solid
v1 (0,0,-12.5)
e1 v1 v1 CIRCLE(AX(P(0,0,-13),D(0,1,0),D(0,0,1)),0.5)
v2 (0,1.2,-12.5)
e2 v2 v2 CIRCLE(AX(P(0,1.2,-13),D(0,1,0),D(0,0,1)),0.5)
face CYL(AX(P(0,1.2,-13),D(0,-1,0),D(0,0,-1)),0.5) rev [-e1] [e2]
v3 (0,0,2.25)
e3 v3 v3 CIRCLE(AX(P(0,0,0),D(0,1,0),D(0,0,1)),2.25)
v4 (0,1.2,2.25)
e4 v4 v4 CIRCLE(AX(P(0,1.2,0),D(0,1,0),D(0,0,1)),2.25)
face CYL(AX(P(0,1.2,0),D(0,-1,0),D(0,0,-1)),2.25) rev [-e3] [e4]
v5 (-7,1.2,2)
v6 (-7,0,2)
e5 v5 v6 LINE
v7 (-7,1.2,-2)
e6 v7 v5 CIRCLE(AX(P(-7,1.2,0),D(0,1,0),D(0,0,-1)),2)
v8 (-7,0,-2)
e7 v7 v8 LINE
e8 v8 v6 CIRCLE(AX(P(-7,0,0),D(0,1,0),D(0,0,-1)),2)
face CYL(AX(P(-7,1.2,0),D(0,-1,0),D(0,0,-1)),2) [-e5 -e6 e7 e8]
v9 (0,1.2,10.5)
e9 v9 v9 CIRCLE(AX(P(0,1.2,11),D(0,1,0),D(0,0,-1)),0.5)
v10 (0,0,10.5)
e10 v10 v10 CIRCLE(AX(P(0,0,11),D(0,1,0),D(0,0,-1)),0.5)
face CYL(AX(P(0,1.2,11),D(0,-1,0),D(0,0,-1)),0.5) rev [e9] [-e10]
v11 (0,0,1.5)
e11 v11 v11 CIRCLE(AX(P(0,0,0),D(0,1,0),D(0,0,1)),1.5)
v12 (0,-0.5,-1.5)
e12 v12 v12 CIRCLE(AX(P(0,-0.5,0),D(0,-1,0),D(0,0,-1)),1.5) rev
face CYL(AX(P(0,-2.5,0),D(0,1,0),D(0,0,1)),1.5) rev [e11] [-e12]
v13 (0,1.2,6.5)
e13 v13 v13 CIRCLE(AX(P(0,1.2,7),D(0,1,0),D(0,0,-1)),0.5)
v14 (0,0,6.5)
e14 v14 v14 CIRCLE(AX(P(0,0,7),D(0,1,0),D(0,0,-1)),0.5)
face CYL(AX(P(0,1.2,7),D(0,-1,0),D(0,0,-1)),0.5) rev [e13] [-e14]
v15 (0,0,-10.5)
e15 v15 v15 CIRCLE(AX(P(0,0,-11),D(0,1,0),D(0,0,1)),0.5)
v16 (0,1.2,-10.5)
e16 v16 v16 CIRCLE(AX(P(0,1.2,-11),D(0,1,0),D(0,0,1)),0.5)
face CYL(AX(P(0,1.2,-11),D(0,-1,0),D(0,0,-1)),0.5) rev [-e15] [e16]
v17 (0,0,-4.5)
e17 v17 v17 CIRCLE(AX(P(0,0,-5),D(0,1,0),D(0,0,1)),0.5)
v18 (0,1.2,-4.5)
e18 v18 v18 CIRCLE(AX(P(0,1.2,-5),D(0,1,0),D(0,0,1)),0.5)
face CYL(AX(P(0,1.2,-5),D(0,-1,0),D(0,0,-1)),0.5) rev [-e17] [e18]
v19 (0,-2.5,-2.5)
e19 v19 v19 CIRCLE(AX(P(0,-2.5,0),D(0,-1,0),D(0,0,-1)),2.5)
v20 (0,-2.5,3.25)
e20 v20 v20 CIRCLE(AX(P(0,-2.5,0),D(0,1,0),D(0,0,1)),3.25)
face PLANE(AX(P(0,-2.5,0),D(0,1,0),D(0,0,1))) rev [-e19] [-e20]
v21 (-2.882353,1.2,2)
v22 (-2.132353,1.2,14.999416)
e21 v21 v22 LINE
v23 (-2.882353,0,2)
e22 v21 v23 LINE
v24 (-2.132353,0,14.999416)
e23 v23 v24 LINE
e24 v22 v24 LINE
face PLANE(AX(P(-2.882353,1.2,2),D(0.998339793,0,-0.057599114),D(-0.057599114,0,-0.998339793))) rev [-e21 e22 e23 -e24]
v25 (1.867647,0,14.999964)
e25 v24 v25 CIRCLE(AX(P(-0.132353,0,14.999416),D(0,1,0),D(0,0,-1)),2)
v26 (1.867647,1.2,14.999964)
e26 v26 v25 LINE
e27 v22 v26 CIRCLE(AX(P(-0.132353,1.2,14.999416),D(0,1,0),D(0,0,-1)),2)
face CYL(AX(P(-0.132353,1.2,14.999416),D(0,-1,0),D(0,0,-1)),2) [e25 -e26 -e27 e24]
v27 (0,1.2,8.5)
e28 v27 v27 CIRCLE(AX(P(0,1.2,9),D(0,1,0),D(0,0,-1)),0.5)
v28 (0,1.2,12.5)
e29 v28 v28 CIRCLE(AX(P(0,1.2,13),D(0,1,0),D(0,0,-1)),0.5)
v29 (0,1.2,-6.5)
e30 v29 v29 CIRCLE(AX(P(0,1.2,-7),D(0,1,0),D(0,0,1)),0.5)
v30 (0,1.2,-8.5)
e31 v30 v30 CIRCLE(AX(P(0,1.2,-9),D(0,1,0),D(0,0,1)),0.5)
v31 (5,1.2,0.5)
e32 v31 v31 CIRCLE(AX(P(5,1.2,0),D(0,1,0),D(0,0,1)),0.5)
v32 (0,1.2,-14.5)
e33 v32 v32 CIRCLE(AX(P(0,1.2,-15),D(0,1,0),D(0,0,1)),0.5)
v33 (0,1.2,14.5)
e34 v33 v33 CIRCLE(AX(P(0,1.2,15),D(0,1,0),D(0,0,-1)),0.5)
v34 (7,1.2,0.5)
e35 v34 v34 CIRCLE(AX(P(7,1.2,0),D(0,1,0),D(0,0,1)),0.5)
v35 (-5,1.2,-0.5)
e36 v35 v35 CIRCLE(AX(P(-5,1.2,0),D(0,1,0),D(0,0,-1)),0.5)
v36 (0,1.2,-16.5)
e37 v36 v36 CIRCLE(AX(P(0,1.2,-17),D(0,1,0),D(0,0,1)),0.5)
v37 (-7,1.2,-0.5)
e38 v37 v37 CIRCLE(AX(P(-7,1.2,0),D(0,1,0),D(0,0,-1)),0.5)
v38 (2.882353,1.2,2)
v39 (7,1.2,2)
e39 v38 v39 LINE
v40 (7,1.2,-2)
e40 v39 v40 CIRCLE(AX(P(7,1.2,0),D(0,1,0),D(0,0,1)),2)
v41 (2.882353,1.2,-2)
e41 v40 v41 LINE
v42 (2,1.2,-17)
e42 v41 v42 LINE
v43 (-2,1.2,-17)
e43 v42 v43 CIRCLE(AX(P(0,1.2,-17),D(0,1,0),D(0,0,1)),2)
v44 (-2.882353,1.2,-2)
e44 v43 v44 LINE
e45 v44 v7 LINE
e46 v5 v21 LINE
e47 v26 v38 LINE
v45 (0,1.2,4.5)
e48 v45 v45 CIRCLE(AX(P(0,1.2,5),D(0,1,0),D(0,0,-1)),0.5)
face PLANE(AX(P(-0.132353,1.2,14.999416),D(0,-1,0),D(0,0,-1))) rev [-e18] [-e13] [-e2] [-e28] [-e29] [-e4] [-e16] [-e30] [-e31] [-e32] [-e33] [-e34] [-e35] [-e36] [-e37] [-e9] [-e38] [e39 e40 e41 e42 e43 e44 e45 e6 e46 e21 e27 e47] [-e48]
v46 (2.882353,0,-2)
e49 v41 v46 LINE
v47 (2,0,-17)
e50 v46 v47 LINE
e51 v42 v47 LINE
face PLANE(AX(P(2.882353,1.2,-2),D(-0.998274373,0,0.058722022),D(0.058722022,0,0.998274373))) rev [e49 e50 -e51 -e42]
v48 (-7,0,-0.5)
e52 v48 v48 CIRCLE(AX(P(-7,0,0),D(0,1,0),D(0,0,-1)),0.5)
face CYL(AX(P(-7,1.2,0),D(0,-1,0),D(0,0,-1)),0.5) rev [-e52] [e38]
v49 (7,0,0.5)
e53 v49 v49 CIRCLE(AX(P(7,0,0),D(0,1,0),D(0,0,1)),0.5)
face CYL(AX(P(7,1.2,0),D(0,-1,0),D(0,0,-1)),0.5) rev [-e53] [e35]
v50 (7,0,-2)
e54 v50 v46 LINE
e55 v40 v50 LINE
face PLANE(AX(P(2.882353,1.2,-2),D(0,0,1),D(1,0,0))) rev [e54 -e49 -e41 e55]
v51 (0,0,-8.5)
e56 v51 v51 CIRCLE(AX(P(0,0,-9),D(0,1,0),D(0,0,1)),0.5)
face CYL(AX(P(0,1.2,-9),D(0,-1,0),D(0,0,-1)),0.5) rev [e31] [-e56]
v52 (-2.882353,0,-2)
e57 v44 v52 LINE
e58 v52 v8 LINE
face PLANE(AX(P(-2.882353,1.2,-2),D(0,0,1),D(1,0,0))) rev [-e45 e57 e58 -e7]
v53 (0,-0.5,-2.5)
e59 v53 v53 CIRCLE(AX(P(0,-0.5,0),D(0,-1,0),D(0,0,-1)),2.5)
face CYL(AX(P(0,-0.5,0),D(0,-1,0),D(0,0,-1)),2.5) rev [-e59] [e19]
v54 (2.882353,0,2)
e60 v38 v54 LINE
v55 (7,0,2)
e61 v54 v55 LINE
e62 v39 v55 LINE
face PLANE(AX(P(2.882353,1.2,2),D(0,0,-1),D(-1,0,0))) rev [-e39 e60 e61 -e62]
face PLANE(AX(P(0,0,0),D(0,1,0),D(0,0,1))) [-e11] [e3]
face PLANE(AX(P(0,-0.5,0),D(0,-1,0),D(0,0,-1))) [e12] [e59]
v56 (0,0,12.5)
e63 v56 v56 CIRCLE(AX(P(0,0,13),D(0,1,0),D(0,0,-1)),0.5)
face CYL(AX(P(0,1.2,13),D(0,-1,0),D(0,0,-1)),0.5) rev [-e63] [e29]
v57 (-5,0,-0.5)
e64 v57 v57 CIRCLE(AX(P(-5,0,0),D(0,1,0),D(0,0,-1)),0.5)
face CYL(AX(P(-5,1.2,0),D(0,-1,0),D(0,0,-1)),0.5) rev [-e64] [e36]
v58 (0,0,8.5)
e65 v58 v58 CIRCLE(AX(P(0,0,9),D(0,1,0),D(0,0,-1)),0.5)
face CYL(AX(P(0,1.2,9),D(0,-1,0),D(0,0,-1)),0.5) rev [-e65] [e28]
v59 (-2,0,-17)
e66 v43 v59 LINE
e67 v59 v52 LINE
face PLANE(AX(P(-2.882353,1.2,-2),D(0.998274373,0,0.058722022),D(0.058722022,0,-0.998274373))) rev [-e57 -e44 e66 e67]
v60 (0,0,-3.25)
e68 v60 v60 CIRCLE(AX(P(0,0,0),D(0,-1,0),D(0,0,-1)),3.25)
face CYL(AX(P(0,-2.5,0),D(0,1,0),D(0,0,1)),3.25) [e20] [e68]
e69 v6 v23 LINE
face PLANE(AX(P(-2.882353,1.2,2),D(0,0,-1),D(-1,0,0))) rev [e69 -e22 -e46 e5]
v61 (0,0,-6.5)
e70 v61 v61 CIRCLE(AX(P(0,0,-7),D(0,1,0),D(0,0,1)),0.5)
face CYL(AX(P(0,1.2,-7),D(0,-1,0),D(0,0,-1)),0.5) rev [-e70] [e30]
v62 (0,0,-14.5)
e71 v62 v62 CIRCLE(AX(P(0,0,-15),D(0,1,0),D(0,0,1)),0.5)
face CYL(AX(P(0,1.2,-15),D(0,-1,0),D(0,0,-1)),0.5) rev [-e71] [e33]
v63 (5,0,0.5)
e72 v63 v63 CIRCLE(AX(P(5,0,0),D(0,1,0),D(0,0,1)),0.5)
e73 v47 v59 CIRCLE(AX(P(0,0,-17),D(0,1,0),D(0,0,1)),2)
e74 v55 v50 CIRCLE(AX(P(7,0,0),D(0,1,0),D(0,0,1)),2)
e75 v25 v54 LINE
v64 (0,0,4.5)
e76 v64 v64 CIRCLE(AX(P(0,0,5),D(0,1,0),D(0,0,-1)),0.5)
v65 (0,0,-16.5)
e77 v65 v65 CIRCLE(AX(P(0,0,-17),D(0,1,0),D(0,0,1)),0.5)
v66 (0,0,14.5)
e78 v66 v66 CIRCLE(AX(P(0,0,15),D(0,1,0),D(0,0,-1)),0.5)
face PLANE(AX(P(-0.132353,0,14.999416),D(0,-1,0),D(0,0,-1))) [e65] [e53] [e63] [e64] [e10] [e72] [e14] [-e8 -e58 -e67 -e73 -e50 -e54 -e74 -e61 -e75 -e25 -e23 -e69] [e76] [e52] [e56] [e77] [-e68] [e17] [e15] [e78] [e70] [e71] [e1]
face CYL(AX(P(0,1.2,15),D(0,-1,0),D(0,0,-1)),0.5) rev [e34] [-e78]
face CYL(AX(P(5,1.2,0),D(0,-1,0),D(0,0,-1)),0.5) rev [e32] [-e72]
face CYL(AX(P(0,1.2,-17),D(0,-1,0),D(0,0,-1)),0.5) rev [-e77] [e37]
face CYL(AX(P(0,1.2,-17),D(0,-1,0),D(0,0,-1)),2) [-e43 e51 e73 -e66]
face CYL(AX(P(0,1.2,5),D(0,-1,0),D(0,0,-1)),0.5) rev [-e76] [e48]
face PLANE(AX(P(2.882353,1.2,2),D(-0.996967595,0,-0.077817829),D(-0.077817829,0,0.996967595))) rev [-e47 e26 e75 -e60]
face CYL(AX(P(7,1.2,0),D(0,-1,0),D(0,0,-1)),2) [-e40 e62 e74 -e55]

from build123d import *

# Parameters (mm, degrees)
SKETCH1_R           = 0.5
SKETCH1_R_2         = 2.25
BOSS_EXTRUDE1_DEPTH = 1.2
SKETCH2_R           = 3.25
SKETCH2_R_2         = 1.5
BOSS_EXTRUDE2_DEPTH = 2.5
SKETCH3_R           = 2.5
CUT_EXTRUDE1_DEPTH  = 2


with BuildPart() as part:
    # Sketch1 → Boss-Extrude1 (new body)
    with BuildSketch(Plane(origin=(0, 0, 0), x_dir=(1, 0, 0), z_dir=(0, 1, 0))):
        with BuildLine():
            Line((-2.882352941, 2), (-2, 17))
            ThreePointArc((-2, 17), (0, 19), (2, 17))
            Line((2, 17), (2.882352941, 2))
            Line((2.882352941, 2), (7, 2))
            ThreePointArc((7, 2), (9, 0), (7, -2))
            Line((7, -2), (2.882352941, -2))
            Line((2.882352941, -2), (1.867646984, -14.999963756))
            ThreePointArc((1.867646984, -14.999963756), (-0.132626782, -16.99941606), (-2.132352941, -14.999416075))
            Line((-2.132352941, -14.999416075), (-2.882352941, -2))
            Line((-2.882352941, -2), (-7, -2))
            ThreePointArc((-7, -2), (-9, 0), (-7, 2))
            Line((-7, 2), (-2.882352941, 2))
        make_face()
        with Locations(Location((0, 5, 0), (0, 0, 270))):
            Circle(SKETCH1_R, mode=Mode.SUBTRACT)
        with Locations(Location((0, 7, 0), (0, 0, 270))):
            Circle(SKETCH1_R, mode=Mode.SUBTRACT)
        with Locations(Location((0, 9, 0), (0, 0, 270))):
            Circle(SKETCH1_R, mode=Mode.SUBTRACT)
        with Locations(Location((0, 11, 0), (0, 0, 270))):
            Circle(SKETCH1_R, mode=Mode.SUBTRACT)
        with Locations(Location((0, 13, 0), (0, 0, 270))):
            Circle(SKETCH1_R, mode=Mode.SUBTRACT)
        with Locations(Location((0, 15, 0), (0, 0, 270))):
            Circle(SKETCH1_R, mode=Mode.SUBTRACT)
        with Locations(Location((0, 17, 0), (0, 0, 270))):
            Circle(SKETCH1_R, mode=Mode.SUBTRACT)
        with Locations(Location((0, -15, 0), (0, 0, 90))):
            Circle(SKETCH1_R, mode=Mode.SUBTRACT)
        with Locations(Location((0, -13, 0), (0, 0, 90))):
            Circle(SKETCH1_R, mode=Mode.SUBTRACT)
        with Locations(Location((0, -11, 0), (0, 0, 90))):
            Circle(SKETCH1_R, mode=Mode.SUBTRACT)
        with Locations(Location((0, -9, 0), (0, 0, 90))):
            Circle(SKETCH1_R, mode=Mode.SUBTRACT)
        with Locations(Location((0, -7, 0), (0, 0, 90))):
            Circle(SKETCH1_R, mode=Mode.SUBTRACT)
        with Locations(Location((0, -5, 0), (0, 0, 90))):
            Circle(SKETCH1_R, mode=Mode.SUBTRACT)
        with Locations(Location((7, 0, 0), (0, 0, 270))):
            Circle(SKETCH1_R, mode=Mode.SUBTRACT)
        with Locations(Location((5, 0, 0), (0, 0, 270))):
            Circle(SKETCH1_R, mode=Mode.SUBTRACT)
        with Locations(Location((-5, 0, 0), (0, 0, 90))):
            Circle(SKETCH1_R, mode=Mode.SUBTRACT)
        with Locations(Location((-7, 0, 0), (0, 0, 90))):
            Circle(SKETCH1_R, mode=Mode.SUBTRACT)
        with Locations(Location((0, 0, 0), (0, 0, 270))):
            Circle(SKETCH1_R_2, mode=Mode.SUBTRACT)
    extrude(amount=BOSS_EXTRUDE1_DEPTH)

    # Sketch2 → Boss-Extrude2 (add)
    with BuildSketch(Plane(origin=(0, 0, 0), x_dir=(1, 0, 0), z_dir=(0, 1, 0))):
        with Locations(Location((0, 0, 0), (0, 0, 270))):
            Circle(SKETCH2_R)
        with Locations(Location((0, 0, 0), (0, 0, 270))):
            Circle(SKETCH2_R_2, mode=Mode.SUBTRACT)
    extrude(amount=-BOSS_EXTRUDE2_DEPTH)

    # Sketch3 → Cut-Extrude1 (cut)
    with BuildSketch(Plane.XZ.offset(2.5)):
        with Locations(Location((0, 0, 0), (0, 0, 270))):
            Circle(SKETCH3_R)
    extrude(amount=-CUT_EXTRUDE1_DEPTH, mode=Mode.SUBTRACT)


solid = part.part
